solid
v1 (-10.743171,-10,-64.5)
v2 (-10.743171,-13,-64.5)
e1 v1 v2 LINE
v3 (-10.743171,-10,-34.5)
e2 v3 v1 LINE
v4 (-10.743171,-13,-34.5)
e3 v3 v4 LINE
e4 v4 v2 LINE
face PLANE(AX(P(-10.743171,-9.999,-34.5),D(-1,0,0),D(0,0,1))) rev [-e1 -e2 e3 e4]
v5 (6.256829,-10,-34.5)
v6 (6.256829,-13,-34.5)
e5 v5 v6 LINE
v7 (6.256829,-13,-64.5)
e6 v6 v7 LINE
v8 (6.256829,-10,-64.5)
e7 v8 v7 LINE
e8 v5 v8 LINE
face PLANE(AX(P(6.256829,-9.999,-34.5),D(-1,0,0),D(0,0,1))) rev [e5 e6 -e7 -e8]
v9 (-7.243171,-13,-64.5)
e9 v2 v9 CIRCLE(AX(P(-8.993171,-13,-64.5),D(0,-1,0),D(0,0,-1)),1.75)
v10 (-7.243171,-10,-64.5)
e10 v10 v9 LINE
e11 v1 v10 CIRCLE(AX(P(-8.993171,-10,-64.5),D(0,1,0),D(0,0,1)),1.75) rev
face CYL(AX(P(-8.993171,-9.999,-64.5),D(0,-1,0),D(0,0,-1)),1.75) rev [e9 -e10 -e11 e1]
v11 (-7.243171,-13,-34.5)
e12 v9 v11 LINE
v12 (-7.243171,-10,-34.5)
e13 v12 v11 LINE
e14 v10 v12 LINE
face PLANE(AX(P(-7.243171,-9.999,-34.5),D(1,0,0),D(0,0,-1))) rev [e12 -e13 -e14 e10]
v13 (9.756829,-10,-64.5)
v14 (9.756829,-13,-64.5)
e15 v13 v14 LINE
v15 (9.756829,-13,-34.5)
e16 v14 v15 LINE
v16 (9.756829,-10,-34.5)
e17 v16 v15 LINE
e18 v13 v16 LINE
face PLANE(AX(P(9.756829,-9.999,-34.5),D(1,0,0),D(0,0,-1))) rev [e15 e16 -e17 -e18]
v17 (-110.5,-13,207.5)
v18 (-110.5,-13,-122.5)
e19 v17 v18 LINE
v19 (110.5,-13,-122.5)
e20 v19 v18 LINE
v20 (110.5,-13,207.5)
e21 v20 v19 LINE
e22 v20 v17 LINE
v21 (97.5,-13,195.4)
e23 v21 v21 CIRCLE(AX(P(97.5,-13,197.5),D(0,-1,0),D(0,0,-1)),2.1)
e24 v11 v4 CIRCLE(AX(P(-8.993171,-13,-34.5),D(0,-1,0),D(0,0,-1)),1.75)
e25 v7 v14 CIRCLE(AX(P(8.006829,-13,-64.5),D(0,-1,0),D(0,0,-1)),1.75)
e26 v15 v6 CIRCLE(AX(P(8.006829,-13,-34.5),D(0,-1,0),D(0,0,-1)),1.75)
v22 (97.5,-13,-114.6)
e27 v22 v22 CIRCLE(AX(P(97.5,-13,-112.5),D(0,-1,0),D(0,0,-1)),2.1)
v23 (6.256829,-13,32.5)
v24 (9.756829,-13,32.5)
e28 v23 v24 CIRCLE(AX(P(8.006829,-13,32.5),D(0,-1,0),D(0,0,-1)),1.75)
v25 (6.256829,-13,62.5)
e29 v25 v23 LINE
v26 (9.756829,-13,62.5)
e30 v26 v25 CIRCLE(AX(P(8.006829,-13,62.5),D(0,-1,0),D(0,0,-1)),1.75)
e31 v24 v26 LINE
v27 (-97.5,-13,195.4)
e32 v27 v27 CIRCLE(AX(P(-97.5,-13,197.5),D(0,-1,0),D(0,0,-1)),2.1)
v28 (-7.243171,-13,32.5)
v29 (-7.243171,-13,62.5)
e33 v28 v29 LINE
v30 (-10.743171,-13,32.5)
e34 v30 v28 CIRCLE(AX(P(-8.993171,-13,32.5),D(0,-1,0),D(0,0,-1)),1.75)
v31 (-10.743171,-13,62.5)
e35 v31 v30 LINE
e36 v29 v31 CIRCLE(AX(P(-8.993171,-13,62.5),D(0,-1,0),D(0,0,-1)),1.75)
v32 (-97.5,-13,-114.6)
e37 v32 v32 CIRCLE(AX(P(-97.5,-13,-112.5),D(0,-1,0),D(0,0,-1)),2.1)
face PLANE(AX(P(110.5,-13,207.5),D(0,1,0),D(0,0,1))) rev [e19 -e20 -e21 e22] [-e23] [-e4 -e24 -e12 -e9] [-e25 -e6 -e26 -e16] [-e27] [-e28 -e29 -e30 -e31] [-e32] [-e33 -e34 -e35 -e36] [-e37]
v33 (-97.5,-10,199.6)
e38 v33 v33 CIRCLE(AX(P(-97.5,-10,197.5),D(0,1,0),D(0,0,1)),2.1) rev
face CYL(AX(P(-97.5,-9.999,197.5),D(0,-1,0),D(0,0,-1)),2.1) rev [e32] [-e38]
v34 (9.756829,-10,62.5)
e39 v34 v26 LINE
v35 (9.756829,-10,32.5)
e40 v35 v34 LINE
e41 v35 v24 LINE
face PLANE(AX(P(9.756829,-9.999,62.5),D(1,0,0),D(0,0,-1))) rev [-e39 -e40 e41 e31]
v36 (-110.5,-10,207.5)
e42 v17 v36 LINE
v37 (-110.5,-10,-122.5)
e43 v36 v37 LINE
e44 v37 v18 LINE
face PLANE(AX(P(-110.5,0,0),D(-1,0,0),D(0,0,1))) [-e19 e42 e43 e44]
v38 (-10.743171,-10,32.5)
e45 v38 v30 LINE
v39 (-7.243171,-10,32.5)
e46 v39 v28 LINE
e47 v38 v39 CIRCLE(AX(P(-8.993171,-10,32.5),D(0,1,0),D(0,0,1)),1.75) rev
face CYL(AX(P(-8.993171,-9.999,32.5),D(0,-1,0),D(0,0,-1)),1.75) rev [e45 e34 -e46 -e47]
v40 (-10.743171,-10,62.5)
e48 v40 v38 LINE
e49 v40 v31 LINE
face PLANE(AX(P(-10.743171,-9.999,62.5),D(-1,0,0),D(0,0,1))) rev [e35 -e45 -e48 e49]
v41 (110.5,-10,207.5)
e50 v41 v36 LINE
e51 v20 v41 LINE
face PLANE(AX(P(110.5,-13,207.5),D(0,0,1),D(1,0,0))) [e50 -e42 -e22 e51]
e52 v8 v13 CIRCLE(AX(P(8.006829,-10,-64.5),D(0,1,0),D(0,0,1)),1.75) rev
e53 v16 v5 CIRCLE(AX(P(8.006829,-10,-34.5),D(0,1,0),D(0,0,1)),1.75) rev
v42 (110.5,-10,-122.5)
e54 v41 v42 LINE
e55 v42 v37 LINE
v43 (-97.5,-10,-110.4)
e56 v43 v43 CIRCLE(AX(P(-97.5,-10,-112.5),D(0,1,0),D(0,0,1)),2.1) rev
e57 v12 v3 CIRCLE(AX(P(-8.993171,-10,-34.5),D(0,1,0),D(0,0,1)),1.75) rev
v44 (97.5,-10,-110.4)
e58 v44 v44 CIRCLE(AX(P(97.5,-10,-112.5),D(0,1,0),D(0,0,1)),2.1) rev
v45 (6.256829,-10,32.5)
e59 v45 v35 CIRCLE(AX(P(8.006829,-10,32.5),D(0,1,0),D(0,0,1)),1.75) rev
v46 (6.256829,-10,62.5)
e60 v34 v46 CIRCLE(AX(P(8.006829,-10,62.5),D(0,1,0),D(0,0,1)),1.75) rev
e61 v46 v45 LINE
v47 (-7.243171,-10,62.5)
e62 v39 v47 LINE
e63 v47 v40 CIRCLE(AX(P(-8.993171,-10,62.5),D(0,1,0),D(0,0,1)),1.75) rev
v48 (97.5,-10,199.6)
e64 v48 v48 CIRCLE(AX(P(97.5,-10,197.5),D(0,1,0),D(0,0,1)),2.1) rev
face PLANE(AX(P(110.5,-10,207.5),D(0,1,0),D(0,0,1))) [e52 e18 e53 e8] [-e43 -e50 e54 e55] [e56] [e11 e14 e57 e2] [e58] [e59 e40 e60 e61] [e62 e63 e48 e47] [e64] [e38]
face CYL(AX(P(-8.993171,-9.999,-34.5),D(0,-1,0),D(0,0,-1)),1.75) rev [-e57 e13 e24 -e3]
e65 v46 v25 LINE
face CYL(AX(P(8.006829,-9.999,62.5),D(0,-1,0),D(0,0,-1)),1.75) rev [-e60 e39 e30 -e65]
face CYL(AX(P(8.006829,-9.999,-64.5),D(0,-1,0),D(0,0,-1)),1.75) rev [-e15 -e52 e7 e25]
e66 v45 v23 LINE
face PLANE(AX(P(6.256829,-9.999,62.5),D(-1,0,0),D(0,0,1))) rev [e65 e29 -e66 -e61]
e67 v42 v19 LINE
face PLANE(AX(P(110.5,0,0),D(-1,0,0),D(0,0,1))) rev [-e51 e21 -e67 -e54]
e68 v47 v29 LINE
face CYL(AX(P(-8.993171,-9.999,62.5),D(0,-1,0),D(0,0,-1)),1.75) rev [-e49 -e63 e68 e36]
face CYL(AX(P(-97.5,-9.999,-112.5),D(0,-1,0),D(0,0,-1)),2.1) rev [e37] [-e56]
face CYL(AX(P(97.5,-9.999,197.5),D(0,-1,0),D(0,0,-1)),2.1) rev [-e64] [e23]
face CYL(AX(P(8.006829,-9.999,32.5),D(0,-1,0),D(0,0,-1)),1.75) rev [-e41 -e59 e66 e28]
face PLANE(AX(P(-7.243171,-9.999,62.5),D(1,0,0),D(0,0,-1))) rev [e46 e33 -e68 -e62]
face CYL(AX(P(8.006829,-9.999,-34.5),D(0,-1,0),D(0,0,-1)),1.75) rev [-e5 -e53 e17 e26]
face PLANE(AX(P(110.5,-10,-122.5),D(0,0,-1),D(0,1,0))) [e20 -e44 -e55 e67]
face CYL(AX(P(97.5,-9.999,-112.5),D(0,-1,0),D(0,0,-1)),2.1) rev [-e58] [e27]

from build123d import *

# Parameters (mm, degrees)
SKETCH1_W                = 330
SKETCH1_H                = 3
EXTRUDE_THIN1_DEPTH      = 110.5
EXTRUDE_THIN1_DEPTH_BACK = 110.5
CUT_EXTRUDE1_REACH       = 5
SKETCH2_R                = 2.1


with BuildPart() as part:
    # Sketch1 → Extrude-Thin1 (new body, two sides)
    with BuildSketch(Plane(origin=(0, 0, 0), x_dir=(0, 0, -1), z_dir=(1, 0, 0))) as extrude_thin1_sk:
        with Locations((-42.5, -11.5)):
            Rectangle(SKETCH1_W, SKETCH1_H)
    extrude(amount=EXTRUDE_THIN1_DEPTH)
    extrude(extrude_thin1_sk.sketch, amount=-EXTRUDE_THIN1_DEPTH_BACK)

    # Sketch2 → Cut-Extrude1 (cut, up to next)
    with BuildSketch(Plane.XZ.offset(13), mode=Mode.PRIVATE) as cut_extrude1_sk1:
        with Locations((97.5, -112.5)):
            Circle(SKETCH2_R)
    cut_extrude1_tool1 = extrude(cut_extrude1_sk1.sketch, amount=-CUT_EXTRUDE1_REACH, mode=Mode.PRIVATE) & part.part
    add(cut_extrude1_tool1.solids().sort_by_distance((97.5, -13, -112.5))[0], mode=Mode.SUBTRACT)
    # Sketch2 → Cut-Extrude1 (cut, up to next)
    with BuildSketch(Plane.XZ.offset(13), mode=Mode.PRIVATE) as cut_extrude1_sk2:
        with Locations((-97.5, -112.5)):
            Circle(SKETCH2_R)
    cut_extrude1_tool2 = extrude(cut_extrude1_sk2.sketch, amount=-CUT_EXTRUDE1_REACH, mode=Mode.PRIVATE) & part.part
    add(cut_extrude1_tool2.solids().sort_by_distance((-97.5, -13, -112.5))[0], mode=Mode.SUBTRACT)
    # Sketch2 → Cut-Extrude1 (cut, up to next)
    with BuildSketch(Plane.XZ.offset(13), mode=Mode.PRIVATE) as cut_extrude1_sk3:
        with Locations((97.5, 197.5)):
            Circle(SKETCH2_R)
    cut_extrude1_tool3 = extrude(cut_extrude1_sk3.sketch, amount=-CUT_EXTRUDE1_REACH, mode=Mode.PRIVATE) & part.part
    add(cut_extrude1_tool3.solids().sort_by_distance((97.5, -13, 197.5))[0], mode=Mode.SUBTRACT)
    # Sketch2 → Cut-Extrude1 (cut, up to next)
    with BuildSketch(Plane.XZ.offset(13), mode=Mode.PRIVATE) as cut_extrude1_sk4:
        with Locations((-97.5, 197.5)):
            Circle(SKETCH2_R)
    cut_extrude1_tool4 = extrude(cut_extrude1_sk4.sketch, amount=-CUT_EXTRUDE1_REACH, mode=Mode.PRIVATE) & part.part
    add(cut_extrude1_tool4.solids().sort_by_distance((-97.5, -13, 197.5))[0], mode=Mode.SUBTRACT)
    # Sketch2 → Cut-Extrude1 (cut, up to next)
    with BuildSketch(Plane.XZ.offset(13), mode=Mode.PRIVATE) as cut_extrude1_sk5:
        with BuildLine():
            Line((-7.243170513, -34.5), (-7.243170513, -64.5))
            ThreePointArc((-7.243170513, -64.5), (-8.993170513, -66.25), (-10.743170513, -64.5))
            Line((-10.743170513, -64.5), (-10.743170513, -34.5))
            ThreePointArc((-10.743170513, -34.5), (-8.993170513, -32.75), (-7.243170513, -34.5))
        make_face()
    cut_extrude1_tool5 = extrude(cut_extrude1_sk5.sketch, amount=-CUT_EXTRUDE1_REACH, mode=Mode.PRIVATE) & part.part
    add(cut_extrude1_tool5.solids().sort_by_distance((-8.993171, -13, -49.5))[0], mode=Mode.SUBTRACT)
    # Sketch2 → Cut-Extrude1 (cut, up to next)
    with BuildSketch(Plane.XZ.offset(13), mode=Mode.PRIVATE) as cut_extrude1_sk6:
        with BuildLine():
            Line((9.756829487, -34.5), (9.756829487, -64.5))
            ThreePointArc((9.756829487, -64.5), (8.006829487, -66.25), (6.256829487, -64.5))
            Line((6.256829487, -64.5), (6.256829487, -34.5))
            ThreePointArc((6.256829487, -34.5), (8.006829487, -32.75), (9.756829487, -34.5))
        make_face()
    cut_extrude1_tool6 = extrude(cut_extrude1_sk6.sketch, amount=-CUT_EXTRUDE1_REACH, mode=Mode.PRIVATE) & part.part
    add(cut_extrude1_tool6.solids().sort_by_distance((8.006829, -13, -49.5))[0], mode=Mode.SUBTRACT)
    # Sketch2 → Cut-Extrude1 (cut, up to next)
    with BuildSketch(Plane.XZ.offset(13), mode=Mode.PRIVATE) as cut_extrude1_sk7:
        with BuildLine():
            Line((9.756829487, 62.5), (9.756829487, 32.5))
            ThreePointArc((9.756829487, 32.5), (8.006829487, 30.75), (6.256829487, 32.5))
            Line((6.256829487, 32.5), (6.256829487, 62.5))
            ThreePointArc((6.256829487, 62.5), (8.006829487, 64.25), (9.756829487, 62.5))
        make_face()
    cut_extrude1_tool7 = extrude(cut_extrude1_sk7.sketch, amount=-CUT_EXTRUDE1_REACH, mode=Mode.PRIVATE) & part.part
    add(cut_extrude1_tool7.solids().sort_by_distance((8.006829, -13, 47.5))[0], mode=Mode.SUBTRACT)
    # Sketch2 → Cut-Extrude1 (cut, up to next)
    with BuildSketch(Plane.XZ.offset(13), mode=Mode.PRIVATE) as cut_extrude1_sk8:
        with BuildLine():
            Line((-7.243170513, 62.5), (-7.243170513, 32.5))
            ThreePointArc((-7.243170513, 32.5), (-8.993170513, 30.75), (-10.743170513, 32.5))
            Line((-10.743170513, 32.5), (-10.743170513, 62.5))
            ThreePointArc((-10.743170513, 62.5), (-8.993170513, 64.25), (-7.243170513, 62.5))
        make_face()
    cut_extrude1_tool8 = extrude(cut_extrude1_sk8.sketch, amount=-CUT_EXTRUDE1_REACH, mode=Mode.PRIVATE) & part.part
    add(cut_extrude1_tool8.solids().sort_by_distance((-8.993171, -13, 47.5))[0], mode=Mode.SUBTRACT)


solid = part.part
